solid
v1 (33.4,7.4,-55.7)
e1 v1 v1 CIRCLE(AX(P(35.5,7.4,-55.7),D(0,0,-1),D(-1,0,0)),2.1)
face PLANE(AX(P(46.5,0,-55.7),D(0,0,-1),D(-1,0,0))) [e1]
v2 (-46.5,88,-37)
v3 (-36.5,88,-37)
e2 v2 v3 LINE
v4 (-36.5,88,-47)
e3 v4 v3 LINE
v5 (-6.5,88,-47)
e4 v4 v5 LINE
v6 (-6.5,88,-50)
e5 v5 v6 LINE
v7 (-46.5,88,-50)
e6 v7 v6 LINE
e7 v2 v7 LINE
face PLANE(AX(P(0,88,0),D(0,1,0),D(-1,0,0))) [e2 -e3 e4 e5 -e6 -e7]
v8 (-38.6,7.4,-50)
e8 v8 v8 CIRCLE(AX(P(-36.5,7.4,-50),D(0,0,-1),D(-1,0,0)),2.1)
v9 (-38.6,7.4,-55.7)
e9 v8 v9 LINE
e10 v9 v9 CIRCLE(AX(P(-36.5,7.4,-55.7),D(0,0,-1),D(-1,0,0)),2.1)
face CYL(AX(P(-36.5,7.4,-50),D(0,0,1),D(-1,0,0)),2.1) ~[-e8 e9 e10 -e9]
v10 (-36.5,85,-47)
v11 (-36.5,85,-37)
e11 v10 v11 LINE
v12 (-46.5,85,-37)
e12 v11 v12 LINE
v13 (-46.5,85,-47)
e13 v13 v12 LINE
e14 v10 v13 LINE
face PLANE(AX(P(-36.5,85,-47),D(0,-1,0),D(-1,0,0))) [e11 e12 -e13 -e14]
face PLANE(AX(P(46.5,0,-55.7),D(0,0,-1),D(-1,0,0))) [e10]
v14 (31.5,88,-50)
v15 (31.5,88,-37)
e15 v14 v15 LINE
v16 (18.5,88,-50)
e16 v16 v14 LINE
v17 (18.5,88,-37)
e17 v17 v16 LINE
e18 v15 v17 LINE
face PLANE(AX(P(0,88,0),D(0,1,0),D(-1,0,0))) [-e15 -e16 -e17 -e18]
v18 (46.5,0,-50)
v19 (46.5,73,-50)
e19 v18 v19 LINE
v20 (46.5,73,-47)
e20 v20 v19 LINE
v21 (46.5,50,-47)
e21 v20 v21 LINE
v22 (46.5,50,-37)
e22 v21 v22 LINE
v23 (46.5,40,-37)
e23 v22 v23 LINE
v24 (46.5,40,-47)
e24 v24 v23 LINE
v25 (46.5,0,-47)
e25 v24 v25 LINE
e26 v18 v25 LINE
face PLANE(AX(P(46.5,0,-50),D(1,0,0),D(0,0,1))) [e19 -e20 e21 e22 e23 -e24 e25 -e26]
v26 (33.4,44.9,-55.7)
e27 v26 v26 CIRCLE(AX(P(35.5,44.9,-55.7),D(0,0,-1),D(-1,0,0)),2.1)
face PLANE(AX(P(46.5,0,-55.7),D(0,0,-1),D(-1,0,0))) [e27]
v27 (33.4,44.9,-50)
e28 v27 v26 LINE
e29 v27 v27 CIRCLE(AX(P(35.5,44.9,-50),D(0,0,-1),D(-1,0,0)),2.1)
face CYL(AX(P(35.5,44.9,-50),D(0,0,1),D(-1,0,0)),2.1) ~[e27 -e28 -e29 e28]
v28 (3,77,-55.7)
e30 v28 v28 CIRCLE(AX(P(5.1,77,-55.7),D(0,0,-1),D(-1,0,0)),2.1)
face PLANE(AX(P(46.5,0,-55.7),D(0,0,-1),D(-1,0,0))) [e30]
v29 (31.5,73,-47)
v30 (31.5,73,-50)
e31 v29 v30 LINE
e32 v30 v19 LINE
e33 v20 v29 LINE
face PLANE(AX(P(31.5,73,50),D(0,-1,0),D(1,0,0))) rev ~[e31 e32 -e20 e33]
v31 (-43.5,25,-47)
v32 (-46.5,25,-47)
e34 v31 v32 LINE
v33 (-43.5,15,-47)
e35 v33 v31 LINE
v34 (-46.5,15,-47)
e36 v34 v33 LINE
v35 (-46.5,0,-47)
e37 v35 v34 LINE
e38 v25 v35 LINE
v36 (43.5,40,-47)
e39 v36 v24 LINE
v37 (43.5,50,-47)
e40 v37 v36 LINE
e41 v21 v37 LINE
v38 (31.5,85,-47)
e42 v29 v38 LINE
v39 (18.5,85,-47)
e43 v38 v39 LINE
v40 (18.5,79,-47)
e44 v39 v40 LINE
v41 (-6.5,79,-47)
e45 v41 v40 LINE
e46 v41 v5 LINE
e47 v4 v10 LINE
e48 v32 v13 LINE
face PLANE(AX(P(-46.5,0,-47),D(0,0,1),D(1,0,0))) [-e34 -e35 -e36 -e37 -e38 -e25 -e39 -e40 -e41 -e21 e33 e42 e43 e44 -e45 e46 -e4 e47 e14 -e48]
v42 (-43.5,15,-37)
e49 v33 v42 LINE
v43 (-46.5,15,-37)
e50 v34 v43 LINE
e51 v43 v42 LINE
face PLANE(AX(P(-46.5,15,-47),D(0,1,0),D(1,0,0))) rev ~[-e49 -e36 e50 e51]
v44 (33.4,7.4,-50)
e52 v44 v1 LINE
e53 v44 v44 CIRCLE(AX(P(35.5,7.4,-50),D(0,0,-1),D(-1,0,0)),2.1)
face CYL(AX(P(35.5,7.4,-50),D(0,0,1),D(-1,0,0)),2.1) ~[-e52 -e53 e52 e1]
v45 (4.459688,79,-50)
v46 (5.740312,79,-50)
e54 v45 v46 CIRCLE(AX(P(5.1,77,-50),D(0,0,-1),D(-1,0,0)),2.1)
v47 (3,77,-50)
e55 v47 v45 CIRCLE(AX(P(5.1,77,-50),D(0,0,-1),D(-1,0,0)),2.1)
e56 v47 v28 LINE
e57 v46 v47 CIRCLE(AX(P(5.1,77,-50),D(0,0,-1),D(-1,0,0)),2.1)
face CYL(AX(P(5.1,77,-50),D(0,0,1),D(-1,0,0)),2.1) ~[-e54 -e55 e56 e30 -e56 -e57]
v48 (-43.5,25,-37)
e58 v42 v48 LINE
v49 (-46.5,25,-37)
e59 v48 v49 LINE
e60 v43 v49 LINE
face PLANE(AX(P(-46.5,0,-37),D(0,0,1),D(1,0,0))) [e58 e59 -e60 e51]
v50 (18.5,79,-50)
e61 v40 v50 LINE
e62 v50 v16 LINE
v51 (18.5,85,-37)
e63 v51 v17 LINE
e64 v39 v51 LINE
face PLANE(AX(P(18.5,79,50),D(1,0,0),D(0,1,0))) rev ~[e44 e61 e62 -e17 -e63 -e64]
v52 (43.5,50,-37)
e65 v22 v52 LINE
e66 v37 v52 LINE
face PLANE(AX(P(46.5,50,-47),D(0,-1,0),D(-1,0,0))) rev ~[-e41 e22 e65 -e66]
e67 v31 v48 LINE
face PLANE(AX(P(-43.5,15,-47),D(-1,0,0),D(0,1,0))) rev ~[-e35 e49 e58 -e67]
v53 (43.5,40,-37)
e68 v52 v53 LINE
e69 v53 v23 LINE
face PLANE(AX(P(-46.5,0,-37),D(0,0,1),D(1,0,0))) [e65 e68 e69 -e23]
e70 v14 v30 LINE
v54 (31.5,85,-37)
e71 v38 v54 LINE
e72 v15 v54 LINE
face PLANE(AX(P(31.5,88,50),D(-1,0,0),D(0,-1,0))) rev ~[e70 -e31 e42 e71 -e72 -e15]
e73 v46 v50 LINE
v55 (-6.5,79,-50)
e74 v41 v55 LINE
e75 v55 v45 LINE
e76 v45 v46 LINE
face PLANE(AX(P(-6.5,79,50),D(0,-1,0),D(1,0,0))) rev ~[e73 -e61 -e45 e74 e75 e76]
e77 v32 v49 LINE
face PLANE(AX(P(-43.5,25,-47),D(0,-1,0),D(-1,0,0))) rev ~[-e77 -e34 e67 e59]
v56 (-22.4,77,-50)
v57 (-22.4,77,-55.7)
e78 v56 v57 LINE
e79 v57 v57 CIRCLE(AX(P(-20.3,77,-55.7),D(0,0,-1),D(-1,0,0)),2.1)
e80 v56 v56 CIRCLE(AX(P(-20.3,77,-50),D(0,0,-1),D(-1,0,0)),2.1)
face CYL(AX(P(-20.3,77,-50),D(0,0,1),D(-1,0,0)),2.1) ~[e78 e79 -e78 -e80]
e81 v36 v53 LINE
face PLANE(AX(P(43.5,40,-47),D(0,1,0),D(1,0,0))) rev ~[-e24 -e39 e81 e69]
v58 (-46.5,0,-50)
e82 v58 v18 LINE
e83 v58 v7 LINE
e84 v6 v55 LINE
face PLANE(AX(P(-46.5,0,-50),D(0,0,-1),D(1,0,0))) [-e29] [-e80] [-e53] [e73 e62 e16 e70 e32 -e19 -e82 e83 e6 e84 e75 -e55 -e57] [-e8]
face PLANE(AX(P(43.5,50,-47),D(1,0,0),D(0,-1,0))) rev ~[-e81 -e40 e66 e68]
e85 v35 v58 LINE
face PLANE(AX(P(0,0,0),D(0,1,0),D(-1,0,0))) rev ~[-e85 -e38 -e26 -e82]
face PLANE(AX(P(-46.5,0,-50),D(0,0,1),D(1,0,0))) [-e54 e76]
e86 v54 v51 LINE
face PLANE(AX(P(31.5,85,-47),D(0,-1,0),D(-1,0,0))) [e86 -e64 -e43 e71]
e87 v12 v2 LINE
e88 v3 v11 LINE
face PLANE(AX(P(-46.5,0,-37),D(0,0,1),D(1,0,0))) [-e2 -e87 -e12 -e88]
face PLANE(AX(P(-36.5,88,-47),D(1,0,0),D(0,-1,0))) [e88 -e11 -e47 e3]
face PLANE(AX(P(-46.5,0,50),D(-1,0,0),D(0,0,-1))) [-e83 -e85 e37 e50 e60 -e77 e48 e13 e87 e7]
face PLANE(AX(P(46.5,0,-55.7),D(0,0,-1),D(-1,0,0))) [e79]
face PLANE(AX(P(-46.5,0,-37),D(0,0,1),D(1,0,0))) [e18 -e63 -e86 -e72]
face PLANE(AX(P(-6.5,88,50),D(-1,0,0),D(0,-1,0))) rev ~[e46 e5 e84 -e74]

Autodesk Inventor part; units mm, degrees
ref_plane "YZ Plane" through (0, 0, 0) normal (1, 0, 0) x (0, 1, 0)
ref_plane "XZ Plane" through (0, 0, 0) normal (0, 1, 0) x (-1, 0, 0)
ref_plane "XY Plane" through (0, 0, 0) normal (0, 0, 1) x (1, 0, 0)
sketch "Esquisse1" plane through (0, 0, 0) normal (0, 1, 0) x (-1, 0, 0)
  line L0 (-46.5, 50) -> (46.5, 50)
  line L1 (46.5, 50) -> (46.5, -50)
  line L2 (46.5, -50) -> (-46.5, -50)
  line L3 (-46.5, -50) -> (-46.5, 50)
  line L4 (-46.5, 50) -> (46.5, -50) construction
  line L5 (46.5, 50) -> (-46.5, -50) construction
  point P0 (0, 0)
  dimension "d0" = 100
  dimension "d1" = 93
extrude "Extrusion1" add sketch "Esquisse1" along normal blind 88
sketch "Esquisse2" plane through (0, 0, 0) normal (0, -1, 0) x (1, 0, 0)
  line L0 (-43.5, 47) -> (43.5, 47)
  line L1 (43.5, 47) -> (43.5, -47)
  line L2 (43.5, -47) -> (-43.5, -47)
  line L3 (-43.5, -47) -> (-43.5, 47)
  line L4 (-43.5, 47) -> (43.5, -47) construction
  line L5 (43.5, 47) -> (-43.5, -47) construction
  line L6 (46.5, 50) -> (46.5, -50) projected
  line L7 (-46.5, 50) -> (46.5, 50) projected
  point P0 (0, 0)
  dimension "d4" = 3
  dimension "d5" = 3
extrude "Extrusion2" cut sketch "Esquisse2" against normal blind 85
sketch "Esquisse3" plane through (-46.5, 0, 50) normal (0, 0, 1) x (1, 0, 0)
  line L0 (0, 88) -> (93, 88) projected
  line L1 (93, 88) -> (78, 88)
  line L2 (78, 88) -> (78, 73)
  line L3 (78, 73) -> (93, 73)
  line L4 (93, 73) -> (93, 88)
  point P0 (46.5, 0)
  dimension "d8" = 15
  dimension "d9" = 15
extrude "Extrusion3" cut sketch "Esquisse3" against normal up to surface (100 mm away)
sketch "Esquisse4" plane through (-46.5, 0, 50) normal (0, 0, 1) x (1, 0, 0)
  circle A0 centre (73, 68) radius 1.75
  circle A1 centre (33, 68) radius 1.75
  circle A2 centre (73, 30) radius 1.75
  circle A3 centre (33, 30) radius 1.75
  line L0 (93, 0) -> (93, 73) projected
  line L1 (0, 88) -> (78, 88) projected
  point P0 (46.5, 0)
  dimension "d12" = 40
  dimension "d13" = 3.5
  dimension "d14" = 3.5
  dimension "d15" = 3.5
  dimension "d16" = 3.5
  dimension "d17" = 40
  dimension "d18" = 0
  dimension "d19" = 0
  dimension "d20" = 38
  dimension "d21" = 20
  dimension "d22" = 20
  dimension "d23" = 0
extrude "Extrusion4" cut sketch "Esquisse4" against normal up to surface (3 mm away)
sketch "Esquisse5" plane through (46.5, 0, -50) normal (0, 0, -1) x (-1, 0, 0)
  circle A0 centre (66.8, 77) radius 2.1
  circle A1 centre (41.4, 77) radius 2.1
  circle A2 centre (11, 44.9) radius 2.1
  circle A3 centre (11, 7.4) radius 2.1
  line L0 (0, 0) -> (0, 73) projected
  line L1 (15, 88) -> (93, 88) projected
  line L2 (15, 88) -> (15, 73) projected
  line L3 (15, 73) -> (0, 73) projected
  circle A4 centre (83, 7.4) radius 2.1
  line L4 (93, 0) -> (93, 88) projected
  point P0 (46.5, 0)
  dimension "d26" = 4.2
  dimension "d27" = 4.2
  dimension "d28" = 4.2
  dimension "d29" = 4.2
  dimension "d30" = 11
  dimension "d31" = 0
  dimension "d32" = 11
  dimension "d33" = 0
  dimension "d34" = 37.5
  dimension "d35" = 25.4
  dimension "d36" = 26.4
  dimension "d37" = 28.1
  dimension "d38" = 4.2
  dimension "d39" = 0
  dimension "d40" = 10
extrude "Extrusion5" add sketch "Esquisse5" along normal blind 5.7
sketch "Esquisse6" plane through (-36.5, 7.4, -55.7) normal (0, 0, -1) x (-1, 0, 0)
  point P0 (-36.5, -7.4)
sketch "Esquisse7" plane through (-46.5, 0, 50) normal (0, 0, 1) x (1, 0, 0)
  line L0 (0, 88) -> (78, 88) projected
  line L1 (65, 88) -> (40, 88)
  line L2 (40, 88) -> (40, 79)
  line L3 (40, 79) -> (65, 79)
  line L4 (65, 79) -> (65, 88)
  line L5 (78, 73) -> (78, 88) projected
  point P0 (46.5, 0)
  point P1 (78, 80.5)
  point P2 (65, 83.5)
  dimension "d43" = 25
  dimension "d44" = 13
  dimension "d45" = 9
extrude "Extrusion6" cut sketch "Esquisse7" against normal up to surface (100 mm away)
sketch "Esquisse8" plane through (-46.5, 0, 50) normal (0, 0, 1) x (1, 0, 0)
  line L0 (0, 0) -> (0, 88) projected
  line L1 (0, 0) -> (94.9117, 0)
  line L2 (94.9117, 0) -> (94.9117, 90.3204)
  line L3 (94.9117, 90.3204) -> (0, 90.3204)
  line L4 (0, 90.3204) -> (0, 0)
  point P0 (46.5, 0)
extrude "Extrusion7" cut sketch "Esquisse8" against normal up to surface (97 mm away)
sketch "Esquisse9" plane through (-46.5, 0, -47) normal (0, 0, 1) x (1, 0, 0)
  line L0 (78, 88) -> (65, 88) projected
  line L1 (78, 88) -> (78, 73) projected
  line L2 (65, 88) -> (78, 88)
  line L3 (78, 88) -> (78, 85)
  line L4 (78, 85) -> (65, 85)
  line L5 (65, 85) -> (65, 88)
  line L6 (0, 88) -> (10, 88)
  line L7 (10, 88) -> (10, 85)
  line L8 (10, 85) -> (0, 85)
  line L9 (0, 85) -> (0, 88)
  line L10 (0, 0) -> (0, 88) projected
  line L11 (0, 15) -> (3, 15)
  line L12 (3, 15) -> (3, 25)
  line L13 (3, 25) -> (0, 25)
  line L14 (0, 25) -> (0, 15)
  line L15 (93, 0) -> (0, 0) projected
  line L16 (93, 73) -> (93, 0) projected
  line L17 (93, 50) -> (90, 50)
  line L18 (90, 50) -> (90, 40)
  line L19 (90, 40) -> (93, 40)
  line L20 (93, 40) -> (93, 50)
  point P0 (46.5, 0)
  point P1 (0, 25)
  dimension "d50" = 3
  dimension "d51" = 3
  dimension "d52" = 10
  dimension "d53" = 15
  dimension "d54" = 10
  dimension "d55" = 3
  dimension "d56" = 40
  dimension "d57" = 10
  dimension "d58" = 3
extrude "Extrusion8" add sketch "Esquisse9" along normal blind 10
properties part number "support_imu_Impression 3D"
